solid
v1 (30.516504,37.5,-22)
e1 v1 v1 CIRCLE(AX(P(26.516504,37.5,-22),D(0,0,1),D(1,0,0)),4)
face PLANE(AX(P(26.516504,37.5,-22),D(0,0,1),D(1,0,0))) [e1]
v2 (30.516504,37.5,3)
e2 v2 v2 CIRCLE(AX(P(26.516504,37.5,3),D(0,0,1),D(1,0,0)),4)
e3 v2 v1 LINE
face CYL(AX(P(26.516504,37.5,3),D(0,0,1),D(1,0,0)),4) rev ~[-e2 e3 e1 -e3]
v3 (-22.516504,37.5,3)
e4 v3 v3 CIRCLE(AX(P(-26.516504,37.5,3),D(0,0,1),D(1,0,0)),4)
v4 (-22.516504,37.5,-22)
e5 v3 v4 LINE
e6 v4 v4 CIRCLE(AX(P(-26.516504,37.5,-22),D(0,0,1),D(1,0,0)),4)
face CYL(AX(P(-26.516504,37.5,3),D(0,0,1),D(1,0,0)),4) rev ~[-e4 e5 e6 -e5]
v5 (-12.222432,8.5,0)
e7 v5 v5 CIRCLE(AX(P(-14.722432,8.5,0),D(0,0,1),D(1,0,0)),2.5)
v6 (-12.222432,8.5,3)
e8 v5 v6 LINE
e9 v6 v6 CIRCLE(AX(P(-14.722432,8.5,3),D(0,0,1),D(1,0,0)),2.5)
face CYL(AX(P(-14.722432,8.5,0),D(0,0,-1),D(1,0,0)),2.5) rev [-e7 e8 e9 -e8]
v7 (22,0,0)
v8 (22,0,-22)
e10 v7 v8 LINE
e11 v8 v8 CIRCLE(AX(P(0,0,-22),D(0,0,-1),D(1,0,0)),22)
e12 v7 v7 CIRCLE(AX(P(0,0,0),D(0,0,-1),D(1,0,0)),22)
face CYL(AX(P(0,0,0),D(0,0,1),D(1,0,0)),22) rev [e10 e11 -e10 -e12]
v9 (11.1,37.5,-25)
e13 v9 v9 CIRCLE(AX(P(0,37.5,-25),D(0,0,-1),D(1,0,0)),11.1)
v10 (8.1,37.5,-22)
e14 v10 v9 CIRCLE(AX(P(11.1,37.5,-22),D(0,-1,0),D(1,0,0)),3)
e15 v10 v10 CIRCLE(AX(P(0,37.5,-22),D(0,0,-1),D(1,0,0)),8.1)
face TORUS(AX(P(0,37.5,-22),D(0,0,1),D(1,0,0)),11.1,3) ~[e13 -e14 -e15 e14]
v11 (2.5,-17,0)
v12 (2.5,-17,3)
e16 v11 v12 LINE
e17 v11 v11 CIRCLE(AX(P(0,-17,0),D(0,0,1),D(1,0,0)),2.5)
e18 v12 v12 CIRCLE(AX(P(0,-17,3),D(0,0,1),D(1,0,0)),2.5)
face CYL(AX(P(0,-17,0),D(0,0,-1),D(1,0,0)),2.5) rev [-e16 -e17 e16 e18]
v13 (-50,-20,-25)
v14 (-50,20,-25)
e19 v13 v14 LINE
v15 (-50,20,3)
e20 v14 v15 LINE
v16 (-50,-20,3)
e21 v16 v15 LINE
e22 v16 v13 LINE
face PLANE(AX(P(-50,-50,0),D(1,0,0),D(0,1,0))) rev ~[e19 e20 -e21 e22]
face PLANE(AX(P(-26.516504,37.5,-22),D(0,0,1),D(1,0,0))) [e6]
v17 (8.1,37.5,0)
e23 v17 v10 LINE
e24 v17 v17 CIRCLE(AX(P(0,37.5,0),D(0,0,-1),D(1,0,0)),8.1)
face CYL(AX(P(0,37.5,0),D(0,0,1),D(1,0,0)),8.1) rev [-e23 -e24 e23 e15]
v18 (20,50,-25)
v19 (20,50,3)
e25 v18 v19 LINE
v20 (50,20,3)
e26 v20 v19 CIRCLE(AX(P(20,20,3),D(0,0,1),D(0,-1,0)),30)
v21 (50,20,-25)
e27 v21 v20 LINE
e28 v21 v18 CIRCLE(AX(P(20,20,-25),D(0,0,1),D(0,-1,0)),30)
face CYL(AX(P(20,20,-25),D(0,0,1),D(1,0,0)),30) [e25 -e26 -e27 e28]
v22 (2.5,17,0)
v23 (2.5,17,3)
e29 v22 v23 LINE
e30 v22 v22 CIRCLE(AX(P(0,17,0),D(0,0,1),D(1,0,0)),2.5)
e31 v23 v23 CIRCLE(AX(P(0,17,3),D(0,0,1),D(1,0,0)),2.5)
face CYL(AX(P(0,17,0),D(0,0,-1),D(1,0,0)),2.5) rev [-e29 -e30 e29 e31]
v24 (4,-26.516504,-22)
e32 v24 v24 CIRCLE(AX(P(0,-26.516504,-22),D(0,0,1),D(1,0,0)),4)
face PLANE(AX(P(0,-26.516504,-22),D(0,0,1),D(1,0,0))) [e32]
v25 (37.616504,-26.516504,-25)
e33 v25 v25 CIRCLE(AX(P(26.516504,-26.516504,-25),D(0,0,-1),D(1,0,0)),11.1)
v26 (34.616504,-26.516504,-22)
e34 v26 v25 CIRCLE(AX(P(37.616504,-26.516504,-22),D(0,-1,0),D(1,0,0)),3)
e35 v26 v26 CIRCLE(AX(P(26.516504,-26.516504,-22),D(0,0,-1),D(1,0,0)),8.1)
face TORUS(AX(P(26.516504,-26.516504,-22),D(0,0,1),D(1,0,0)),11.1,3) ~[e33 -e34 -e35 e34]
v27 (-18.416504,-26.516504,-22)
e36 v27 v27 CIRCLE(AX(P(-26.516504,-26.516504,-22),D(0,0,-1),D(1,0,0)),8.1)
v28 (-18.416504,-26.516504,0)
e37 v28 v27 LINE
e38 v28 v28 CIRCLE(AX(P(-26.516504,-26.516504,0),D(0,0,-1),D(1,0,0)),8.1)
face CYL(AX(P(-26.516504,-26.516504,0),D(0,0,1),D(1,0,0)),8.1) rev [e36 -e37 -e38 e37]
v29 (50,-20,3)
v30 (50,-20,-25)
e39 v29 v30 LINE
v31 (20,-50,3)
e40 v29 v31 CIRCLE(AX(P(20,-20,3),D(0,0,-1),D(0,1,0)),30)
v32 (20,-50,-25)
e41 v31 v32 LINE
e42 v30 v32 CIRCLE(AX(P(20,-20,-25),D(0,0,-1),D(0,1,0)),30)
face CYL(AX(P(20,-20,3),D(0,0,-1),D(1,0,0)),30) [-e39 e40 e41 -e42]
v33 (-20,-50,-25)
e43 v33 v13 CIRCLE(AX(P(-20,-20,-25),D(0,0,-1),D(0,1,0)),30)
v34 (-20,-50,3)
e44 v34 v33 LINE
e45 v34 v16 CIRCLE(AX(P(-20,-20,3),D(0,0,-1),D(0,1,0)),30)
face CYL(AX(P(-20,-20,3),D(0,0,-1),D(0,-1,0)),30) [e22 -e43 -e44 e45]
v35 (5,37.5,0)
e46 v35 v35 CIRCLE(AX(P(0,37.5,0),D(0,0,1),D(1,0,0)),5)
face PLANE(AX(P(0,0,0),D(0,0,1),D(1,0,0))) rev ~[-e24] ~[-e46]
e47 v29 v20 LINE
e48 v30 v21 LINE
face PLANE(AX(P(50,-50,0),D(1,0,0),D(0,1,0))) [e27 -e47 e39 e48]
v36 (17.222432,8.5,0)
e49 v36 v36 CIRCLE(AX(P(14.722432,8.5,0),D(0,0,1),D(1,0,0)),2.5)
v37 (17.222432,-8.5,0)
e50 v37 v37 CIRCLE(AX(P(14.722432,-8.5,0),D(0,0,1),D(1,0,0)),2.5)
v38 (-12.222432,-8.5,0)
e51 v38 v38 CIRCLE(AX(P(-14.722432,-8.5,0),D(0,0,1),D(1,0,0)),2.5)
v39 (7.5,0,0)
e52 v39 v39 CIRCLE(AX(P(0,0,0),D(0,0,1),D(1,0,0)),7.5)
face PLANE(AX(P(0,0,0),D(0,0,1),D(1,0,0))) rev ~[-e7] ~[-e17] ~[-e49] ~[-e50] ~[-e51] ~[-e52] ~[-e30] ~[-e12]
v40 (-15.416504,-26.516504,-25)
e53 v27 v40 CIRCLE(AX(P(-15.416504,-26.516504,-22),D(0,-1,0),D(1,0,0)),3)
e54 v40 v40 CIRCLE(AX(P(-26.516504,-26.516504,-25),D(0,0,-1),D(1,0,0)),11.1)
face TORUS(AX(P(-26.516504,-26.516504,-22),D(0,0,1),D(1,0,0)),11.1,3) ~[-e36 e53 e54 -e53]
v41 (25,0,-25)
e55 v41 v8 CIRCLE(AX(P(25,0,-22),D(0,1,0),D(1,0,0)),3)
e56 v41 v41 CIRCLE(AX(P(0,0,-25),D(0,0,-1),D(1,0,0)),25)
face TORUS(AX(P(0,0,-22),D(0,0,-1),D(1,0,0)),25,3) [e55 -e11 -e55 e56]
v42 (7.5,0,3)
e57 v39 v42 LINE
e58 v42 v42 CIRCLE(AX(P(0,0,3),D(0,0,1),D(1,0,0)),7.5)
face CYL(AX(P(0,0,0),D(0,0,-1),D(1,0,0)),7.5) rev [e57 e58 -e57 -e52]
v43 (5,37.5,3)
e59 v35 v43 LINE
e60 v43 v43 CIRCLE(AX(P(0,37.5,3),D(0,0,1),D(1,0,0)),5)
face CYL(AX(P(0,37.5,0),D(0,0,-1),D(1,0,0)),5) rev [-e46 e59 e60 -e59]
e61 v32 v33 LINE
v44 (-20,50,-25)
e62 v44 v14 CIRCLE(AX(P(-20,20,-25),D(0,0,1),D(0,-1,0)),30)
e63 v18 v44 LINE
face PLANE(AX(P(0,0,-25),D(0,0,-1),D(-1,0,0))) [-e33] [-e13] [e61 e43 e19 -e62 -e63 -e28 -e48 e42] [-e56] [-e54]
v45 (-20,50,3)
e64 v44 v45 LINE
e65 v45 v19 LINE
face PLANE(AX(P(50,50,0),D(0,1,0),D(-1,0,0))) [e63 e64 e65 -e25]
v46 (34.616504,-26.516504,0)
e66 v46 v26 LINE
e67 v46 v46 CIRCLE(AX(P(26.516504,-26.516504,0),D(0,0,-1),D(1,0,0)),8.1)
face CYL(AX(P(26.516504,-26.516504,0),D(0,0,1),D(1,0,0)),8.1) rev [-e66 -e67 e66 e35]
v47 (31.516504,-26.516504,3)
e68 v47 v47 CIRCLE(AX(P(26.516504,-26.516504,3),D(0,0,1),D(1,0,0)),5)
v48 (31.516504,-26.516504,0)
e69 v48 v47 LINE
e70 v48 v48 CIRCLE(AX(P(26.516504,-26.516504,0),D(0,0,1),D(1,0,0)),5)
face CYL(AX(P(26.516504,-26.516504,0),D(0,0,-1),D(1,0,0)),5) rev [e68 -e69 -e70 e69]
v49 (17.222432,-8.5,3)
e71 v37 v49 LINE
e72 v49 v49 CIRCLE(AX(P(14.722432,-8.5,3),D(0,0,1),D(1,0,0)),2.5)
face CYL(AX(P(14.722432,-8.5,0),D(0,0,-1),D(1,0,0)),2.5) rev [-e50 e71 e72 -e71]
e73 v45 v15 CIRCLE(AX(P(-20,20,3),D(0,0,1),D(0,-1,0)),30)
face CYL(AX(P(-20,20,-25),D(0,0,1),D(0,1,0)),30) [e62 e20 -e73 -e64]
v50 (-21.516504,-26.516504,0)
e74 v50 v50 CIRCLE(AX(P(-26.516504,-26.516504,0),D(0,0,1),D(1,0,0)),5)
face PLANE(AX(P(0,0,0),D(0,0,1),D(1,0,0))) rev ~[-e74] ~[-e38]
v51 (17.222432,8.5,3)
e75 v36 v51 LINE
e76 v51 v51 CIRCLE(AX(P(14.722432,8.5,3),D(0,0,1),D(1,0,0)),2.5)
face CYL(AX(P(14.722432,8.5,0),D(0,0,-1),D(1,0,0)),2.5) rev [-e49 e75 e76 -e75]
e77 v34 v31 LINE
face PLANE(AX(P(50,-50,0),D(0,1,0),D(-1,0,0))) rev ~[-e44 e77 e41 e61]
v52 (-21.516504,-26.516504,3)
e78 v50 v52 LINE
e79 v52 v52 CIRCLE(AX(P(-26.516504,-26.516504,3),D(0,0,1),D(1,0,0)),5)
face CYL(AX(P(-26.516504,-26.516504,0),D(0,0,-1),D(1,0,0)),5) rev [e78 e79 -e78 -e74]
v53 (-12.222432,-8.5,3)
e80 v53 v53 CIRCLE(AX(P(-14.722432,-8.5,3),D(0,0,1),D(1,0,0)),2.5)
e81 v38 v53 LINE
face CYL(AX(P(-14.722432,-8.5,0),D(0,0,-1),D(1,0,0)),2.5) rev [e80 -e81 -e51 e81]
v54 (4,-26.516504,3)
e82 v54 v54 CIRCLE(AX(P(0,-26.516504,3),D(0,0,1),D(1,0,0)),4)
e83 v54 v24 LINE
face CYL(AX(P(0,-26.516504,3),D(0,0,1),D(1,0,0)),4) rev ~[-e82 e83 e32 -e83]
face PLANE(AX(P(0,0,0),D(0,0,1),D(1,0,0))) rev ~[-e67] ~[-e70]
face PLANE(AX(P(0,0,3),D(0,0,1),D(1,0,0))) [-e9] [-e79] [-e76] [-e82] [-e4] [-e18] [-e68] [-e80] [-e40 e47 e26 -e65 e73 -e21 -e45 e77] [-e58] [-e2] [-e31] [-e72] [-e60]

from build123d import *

# Parameters (mm, degrees)
SKETCH1_W           = 100
SKETCH1_H           = 100
SKETCH1_R           = 2.5
SKETCH1_R_2         = 7.5
SKETCH1_R_3         = 5
BOSS_EXTRUDE1_DEPTH = 3
SKETCH2_W           = 100
SKETCH2_H           = 100
SKETCH2_R           = 8.1
SKETCH2_R_2         = 22
BOSS_EXTRUDE2_DEPTH = 25
FILLET2_R           = 3
FILLET3_R           = 3
SKETCH3_R           = 4
CUT_EXTRUDE1_DEPTH  = 25
FILLET4_R           = 30


with BuildPart() as part:
    # Sketch1 → Boss-Extrude1 (new body)
    with BuildSketch(Plane.XY):
        Rectangle(SKETCH1_W, SKETCH1_H)
        with Locations((-14.722431864, 8.5)):
            Circle(SKETCH1_R, mode=Mode.SUBTRACT)
        with Locations((-14.722431864, -8.5)):
            Circle(SKETCH1_R, mode=Mode.SUBTRACT)
        with Locations((0, -17)):
            Circle(SKETCH1_R, mode=Mode.SUBTRACT)
        with Locations((14.722431864, -8.5)):
            Circle(SKETCH1_R, mode=Mode.SUBTRACT)
        with Locations((14.722431864, 8.5)):
            Circle(SKETCH1_R, mode=Mode.SUBTRACT)
        with Locations((0, 17)):
            Circle(SKETCH1_R, mode=Mode.SUBTRACT)
        Circle(SKETCH1_R_2, mode=Mode.SUBTRACT)
        with Locations((0, 37.5)):
            Circle(SKETCH1_R_3, mode=Mode.SUBTRACT)
        with Locations((-26.516504294, -26.516504295)):
            Circle(SKETCH1_R_3, mode=Mode.SUBTRACT)
        with Locations((26.516504294, -26.516504295)):
            Circle(SKETCH1_R_3, mode=Mode.SUBTRACT)
    extrude(amount=BOSS_EXTRUDE1_DEPTH)

    # Sketch2 → Boss-Extrude2 (add)
    with BuildSketch(Plane(origin=(0, 0, 0), x_dir=(-1, 0, 0), z_dir=(0, 0, -1))):
        Rectangle(SKETCH2_W, SKETCH2_H)
        with Locations(Location((-26.516504294, -26.516504294, 0), (0, 0, 180))):
            Circle(SKETCH2_R, mode=Mode.SUBTRACT)
        with Locations(Location((26.516504294, -26.516504294, 0), (0, 0, 180))):
            Circle(SKETCH2_R, mode=Mode.SUBTRACT)
        with Locations(Location((0, 37.5, 0), (0, 0, 180))):
            Circle(SKETCH2_R, mode=Mode.SUBTRACT)
        with Locations(Location((0, 0, 0), (0, 0, 180))):
            Circle(SKETCH2_R_2, mode=Mode.SUBTRACT)
    extrude(amount=BOSS_EXTRUDE2_DEPTH)

    # Fillet2
    fillet2_edges = [part.edges().sort_by_distance(p)[0] for p in [
        (-8.1, 37.5, -25),
        (-34.616504294, -26.516504294, -25),
        (18.416504295, -26.516504294, -25),
    ]]
    fillet(fillet2_edges, radius=FILLET2_R)

    # Fillet3
    fillet3_edges = [part.edges().sort_by_distance(p)[0] for p in [
        (-22, 0, -25),
    ]]
    fillet(fillet3_edges, radius=FILLET3_R)

    # Sketch3 → Cut-Extrude1 (cut)
    with BuildSketch(Plane.XY.offset(3)):
        with Locations((26.516504294, 37.5)):
            Circle(SKETCH3_R)
        with Locations((-26.516504294, 37.5)):
            Circle(SKETCH3_R)
        with Locations((0, -26.516504294)):
            Circle(SKETCH3_R)
    extrude(amount=-CUT_EXTRUDE1_DEPTH, mode=Mode.SUBTRACT)

    # Fillet4
    fillet4_edges = [part.edges().sort_by_distance(p)[0] for p in [
        (-50, 50, -11),
        (50, 50, -11),
        (50, -50, -11),
        (-50, -50, -11),
    ]]
    fillet(fillet4_edges, radius=FILLET4_R)


solid = part.part
